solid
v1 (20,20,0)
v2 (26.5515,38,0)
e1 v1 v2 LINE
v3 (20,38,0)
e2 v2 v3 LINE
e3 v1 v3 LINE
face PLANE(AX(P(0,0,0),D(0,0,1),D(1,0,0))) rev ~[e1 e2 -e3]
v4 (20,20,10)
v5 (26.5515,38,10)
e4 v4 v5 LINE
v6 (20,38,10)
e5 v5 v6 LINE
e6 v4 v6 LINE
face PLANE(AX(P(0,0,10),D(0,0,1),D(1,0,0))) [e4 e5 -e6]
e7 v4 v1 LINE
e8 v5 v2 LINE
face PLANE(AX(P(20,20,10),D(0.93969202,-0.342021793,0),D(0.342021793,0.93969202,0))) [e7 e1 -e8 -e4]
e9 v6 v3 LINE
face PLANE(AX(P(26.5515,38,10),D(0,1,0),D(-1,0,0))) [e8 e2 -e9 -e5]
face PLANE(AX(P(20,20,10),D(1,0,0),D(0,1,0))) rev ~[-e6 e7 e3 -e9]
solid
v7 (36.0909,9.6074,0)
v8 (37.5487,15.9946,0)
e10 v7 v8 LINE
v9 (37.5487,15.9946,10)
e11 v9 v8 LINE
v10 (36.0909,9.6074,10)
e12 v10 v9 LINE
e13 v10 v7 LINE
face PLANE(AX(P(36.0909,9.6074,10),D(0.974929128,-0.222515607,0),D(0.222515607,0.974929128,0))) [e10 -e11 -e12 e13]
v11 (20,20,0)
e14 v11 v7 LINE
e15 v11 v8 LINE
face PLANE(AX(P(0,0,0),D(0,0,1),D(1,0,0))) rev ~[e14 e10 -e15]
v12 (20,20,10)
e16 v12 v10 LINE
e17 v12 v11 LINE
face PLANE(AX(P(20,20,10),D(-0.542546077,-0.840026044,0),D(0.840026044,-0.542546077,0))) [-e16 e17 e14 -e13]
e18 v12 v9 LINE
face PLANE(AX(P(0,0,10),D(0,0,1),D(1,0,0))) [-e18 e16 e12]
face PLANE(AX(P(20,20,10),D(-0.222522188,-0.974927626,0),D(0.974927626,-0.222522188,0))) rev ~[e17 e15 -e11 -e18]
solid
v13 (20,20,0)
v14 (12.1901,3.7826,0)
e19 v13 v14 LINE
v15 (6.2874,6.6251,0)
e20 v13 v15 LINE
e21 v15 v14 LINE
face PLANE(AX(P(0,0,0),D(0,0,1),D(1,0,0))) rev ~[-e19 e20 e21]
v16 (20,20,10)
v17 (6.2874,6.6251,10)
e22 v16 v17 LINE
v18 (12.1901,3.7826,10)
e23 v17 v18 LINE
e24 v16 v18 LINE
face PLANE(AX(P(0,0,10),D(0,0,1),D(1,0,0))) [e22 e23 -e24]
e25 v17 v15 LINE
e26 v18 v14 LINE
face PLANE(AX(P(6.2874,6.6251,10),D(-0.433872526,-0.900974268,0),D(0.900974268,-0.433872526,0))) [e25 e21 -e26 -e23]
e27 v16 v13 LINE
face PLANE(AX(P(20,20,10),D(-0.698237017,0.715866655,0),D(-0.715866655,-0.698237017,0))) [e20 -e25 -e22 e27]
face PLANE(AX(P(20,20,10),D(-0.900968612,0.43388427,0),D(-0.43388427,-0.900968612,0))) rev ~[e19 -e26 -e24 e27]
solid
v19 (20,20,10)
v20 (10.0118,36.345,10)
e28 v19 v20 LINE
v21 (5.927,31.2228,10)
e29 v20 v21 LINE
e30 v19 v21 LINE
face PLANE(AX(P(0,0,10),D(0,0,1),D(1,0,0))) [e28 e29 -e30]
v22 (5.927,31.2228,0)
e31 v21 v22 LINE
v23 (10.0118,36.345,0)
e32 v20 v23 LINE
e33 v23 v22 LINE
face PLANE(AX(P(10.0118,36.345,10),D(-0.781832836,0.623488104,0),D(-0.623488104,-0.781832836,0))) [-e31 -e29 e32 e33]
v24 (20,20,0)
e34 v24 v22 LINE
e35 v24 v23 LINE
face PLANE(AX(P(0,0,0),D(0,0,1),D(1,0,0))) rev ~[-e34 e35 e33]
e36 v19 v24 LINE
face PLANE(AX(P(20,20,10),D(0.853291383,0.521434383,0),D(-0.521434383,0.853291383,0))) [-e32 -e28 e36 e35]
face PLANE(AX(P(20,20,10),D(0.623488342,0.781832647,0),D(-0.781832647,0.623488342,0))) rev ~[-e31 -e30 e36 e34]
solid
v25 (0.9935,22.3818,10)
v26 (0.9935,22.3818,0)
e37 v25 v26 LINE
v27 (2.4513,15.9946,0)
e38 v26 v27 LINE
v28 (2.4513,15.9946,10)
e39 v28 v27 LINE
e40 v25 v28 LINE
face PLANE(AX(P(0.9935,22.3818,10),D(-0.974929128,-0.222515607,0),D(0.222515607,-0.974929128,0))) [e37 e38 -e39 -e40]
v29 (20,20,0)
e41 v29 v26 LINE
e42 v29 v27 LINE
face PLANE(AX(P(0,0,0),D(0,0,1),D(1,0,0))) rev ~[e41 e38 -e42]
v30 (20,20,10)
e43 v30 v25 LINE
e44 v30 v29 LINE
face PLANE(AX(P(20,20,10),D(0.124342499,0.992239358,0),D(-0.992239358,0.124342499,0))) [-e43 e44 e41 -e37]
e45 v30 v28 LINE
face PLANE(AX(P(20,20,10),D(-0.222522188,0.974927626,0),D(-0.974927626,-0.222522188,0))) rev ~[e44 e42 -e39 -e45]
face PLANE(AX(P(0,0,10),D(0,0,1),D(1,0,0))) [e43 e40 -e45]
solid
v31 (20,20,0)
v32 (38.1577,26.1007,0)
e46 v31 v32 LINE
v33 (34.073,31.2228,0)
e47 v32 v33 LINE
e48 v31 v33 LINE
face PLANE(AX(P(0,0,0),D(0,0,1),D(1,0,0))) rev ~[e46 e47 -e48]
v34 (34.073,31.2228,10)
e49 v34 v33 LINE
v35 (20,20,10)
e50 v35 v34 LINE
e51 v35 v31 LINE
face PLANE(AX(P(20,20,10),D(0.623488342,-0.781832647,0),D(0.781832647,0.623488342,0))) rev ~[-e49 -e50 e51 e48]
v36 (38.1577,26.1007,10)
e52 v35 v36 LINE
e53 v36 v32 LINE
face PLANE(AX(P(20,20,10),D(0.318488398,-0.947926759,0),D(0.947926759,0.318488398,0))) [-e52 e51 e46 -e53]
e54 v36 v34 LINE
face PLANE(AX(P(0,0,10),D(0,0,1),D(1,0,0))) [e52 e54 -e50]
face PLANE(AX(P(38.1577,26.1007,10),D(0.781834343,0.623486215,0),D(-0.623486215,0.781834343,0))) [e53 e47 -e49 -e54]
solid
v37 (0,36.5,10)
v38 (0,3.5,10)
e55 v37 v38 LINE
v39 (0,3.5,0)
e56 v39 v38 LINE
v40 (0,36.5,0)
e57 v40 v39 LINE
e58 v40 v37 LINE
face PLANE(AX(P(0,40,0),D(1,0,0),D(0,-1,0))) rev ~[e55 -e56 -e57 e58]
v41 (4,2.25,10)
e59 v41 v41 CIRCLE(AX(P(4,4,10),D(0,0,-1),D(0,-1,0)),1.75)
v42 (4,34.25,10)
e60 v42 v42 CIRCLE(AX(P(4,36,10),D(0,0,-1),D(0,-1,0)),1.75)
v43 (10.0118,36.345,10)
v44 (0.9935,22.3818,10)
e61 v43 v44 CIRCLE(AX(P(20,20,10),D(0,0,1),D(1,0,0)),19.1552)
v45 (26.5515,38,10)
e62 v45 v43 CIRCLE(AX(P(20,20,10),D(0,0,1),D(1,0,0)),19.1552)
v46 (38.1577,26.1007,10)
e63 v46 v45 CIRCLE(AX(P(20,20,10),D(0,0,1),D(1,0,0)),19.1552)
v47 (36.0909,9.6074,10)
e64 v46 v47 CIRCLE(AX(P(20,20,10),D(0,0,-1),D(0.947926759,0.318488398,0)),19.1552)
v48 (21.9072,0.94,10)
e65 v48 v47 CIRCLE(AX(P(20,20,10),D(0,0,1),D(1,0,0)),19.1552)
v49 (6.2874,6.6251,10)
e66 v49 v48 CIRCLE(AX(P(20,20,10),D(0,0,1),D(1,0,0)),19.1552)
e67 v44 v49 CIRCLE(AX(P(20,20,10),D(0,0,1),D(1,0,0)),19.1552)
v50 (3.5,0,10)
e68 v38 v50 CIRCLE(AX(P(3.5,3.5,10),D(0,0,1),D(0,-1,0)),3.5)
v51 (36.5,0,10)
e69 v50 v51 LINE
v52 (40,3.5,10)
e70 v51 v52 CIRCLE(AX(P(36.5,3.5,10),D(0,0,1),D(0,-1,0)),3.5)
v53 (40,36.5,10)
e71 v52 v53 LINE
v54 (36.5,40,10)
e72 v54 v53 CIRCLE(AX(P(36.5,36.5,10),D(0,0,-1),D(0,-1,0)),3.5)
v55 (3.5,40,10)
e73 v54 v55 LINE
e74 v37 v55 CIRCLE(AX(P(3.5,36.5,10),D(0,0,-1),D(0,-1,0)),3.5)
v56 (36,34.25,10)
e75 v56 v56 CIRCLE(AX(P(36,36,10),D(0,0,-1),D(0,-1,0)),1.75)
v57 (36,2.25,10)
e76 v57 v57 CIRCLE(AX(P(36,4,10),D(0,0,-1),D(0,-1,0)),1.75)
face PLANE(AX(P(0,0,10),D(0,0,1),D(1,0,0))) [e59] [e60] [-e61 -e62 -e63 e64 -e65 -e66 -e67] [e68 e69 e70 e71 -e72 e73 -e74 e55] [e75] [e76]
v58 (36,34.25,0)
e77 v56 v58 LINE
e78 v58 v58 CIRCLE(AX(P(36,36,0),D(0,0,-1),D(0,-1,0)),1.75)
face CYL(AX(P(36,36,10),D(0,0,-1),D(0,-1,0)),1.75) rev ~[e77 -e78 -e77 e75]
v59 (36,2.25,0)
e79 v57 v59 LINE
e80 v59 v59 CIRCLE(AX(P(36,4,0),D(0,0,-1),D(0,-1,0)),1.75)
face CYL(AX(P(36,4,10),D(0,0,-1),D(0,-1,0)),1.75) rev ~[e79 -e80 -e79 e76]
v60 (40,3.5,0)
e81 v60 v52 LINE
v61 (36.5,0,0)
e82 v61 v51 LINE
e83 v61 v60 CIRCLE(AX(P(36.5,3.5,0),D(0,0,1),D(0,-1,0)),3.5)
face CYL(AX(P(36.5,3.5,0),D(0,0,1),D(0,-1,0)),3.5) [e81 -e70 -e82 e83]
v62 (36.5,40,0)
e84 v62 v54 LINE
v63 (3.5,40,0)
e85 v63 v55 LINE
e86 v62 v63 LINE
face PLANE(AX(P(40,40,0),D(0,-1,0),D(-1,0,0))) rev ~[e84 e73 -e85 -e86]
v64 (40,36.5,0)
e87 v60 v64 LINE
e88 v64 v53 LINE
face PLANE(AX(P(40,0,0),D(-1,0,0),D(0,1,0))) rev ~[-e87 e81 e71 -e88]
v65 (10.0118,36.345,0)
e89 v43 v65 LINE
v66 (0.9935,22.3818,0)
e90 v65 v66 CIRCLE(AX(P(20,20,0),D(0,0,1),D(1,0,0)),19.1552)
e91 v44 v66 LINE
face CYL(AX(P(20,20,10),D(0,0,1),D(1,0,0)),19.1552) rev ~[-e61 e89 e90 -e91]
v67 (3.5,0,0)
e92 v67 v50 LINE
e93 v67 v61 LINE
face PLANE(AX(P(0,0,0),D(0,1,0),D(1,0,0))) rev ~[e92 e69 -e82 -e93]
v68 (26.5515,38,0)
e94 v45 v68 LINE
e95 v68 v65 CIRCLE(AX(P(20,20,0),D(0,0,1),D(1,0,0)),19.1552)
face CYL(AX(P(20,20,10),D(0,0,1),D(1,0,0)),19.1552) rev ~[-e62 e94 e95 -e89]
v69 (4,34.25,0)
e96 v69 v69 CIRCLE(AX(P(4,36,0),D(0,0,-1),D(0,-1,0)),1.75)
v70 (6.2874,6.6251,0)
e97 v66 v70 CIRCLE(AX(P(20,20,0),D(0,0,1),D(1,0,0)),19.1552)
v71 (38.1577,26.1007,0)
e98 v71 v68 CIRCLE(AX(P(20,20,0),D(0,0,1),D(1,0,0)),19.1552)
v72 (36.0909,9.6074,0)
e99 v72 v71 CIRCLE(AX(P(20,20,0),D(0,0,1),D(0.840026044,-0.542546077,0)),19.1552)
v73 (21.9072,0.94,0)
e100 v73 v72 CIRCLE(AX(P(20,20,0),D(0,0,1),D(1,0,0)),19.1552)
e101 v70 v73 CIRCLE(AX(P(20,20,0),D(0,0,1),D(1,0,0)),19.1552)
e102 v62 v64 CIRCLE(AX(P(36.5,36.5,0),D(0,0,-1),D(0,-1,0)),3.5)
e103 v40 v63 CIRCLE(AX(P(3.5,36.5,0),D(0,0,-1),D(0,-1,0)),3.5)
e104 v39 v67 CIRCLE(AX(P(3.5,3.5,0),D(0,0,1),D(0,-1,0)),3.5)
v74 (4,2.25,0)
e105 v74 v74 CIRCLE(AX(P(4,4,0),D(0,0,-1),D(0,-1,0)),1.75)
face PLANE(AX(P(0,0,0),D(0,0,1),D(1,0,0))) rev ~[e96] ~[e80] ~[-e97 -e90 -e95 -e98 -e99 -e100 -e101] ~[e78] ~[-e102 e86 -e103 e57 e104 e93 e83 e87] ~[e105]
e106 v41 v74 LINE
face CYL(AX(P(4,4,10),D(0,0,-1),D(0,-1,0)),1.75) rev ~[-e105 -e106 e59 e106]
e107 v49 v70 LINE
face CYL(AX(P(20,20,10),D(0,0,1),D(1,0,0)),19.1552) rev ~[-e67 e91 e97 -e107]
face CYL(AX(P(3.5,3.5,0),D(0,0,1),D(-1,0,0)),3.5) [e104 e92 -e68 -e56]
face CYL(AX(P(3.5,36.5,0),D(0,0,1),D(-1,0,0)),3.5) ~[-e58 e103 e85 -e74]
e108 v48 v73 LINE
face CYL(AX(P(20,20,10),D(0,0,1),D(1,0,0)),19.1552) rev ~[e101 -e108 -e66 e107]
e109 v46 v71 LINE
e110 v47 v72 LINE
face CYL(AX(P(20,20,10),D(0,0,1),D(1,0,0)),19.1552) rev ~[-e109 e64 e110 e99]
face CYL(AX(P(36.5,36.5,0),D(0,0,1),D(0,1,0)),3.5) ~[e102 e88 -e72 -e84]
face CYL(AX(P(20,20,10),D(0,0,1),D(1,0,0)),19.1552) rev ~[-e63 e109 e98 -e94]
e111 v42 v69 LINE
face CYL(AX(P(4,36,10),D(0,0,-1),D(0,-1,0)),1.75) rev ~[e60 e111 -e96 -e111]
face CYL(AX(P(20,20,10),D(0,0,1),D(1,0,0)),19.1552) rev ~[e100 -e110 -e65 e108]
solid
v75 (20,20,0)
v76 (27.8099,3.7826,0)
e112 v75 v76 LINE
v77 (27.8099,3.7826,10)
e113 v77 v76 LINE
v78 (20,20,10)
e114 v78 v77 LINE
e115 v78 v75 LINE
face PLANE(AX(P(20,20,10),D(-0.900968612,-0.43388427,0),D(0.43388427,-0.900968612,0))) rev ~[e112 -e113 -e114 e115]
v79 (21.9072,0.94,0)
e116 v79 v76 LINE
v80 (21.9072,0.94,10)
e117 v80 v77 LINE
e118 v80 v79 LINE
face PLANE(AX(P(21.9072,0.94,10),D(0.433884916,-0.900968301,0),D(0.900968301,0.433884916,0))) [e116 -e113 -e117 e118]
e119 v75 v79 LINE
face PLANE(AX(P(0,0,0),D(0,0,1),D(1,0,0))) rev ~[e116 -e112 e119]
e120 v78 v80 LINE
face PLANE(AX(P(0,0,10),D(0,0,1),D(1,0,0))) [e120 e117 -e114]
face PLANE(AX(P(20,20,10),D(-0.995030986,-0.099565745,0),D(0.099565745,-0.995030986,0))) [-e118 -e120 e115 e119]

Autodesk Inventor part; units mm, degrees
ref_plane "YZ Plane" through (0, 0, 0) normal (1, 0, 0) x (0, 1, 0)
ref_plane "XZ Plane" through (0, 0, 0) normal (0, 1, 0) x (-1, 0, 0)
ref_plane "XY Plane" through (0, 0, 0) normal (0, 0, 1) x (1, 0, 0)
sketch "Sketch1" plane through (0, 0, 0) normal (0, 0, 1) x (1, 0, 0)
  line L0 (0, 0) -> (40, 0)
  line L1 (40, 0) -> (40, 40)
  line L2 (40, 40) -> (0, 40)
  line L3 (0, 40) -> (0, 0)
  dimension "d0" = 40
  dimension "d1" = 40
extrude "Extrusion1" add sketch "Sketch1" along normal blind 10
hole "Hole1" at (4, 36, 10) direction (0, 0, -1) diameter 3.5 end through all
hole "Hole2" at (4, 4, 10) direction (0, 0, -1) diameter 3.5 end through all
hole "Hole3" at (36, 4, 10) direction (0, 0, -1) diameter 3.5 end through all
hole "Hole4" at (36, 36, 10) direction (0, 0, -1) diameter 3.5 end through all
fillet "Fillet1" radius 3.5 4 edges at (40, 0, 5) (0, 0, 5) (0, 40, 5) (40, 40, 5)
sketch "Sketch2" plane through (0, 0, 10) normal (0, 0, 1) x (1, 0, 0)
  line L0 (36.5, 40) -> (3.5, 40) projected
  line L1 (0, 36.5) -> (0, 3.5) projected
  line L2 (3.5, 0) -> (36.5, 0) projected
  line L3 (40, 3.5) -> (40, 36.5) projected
  line L4 (20, 40) -> (20, 0) construction
  line L5 (0, 20) -> (40, 20) construction
  line L6 (20, 20) -> (20, 38)
  line L7 (20, 20) -> (26.5515, 38)
  line L8 (26.5515, 38) -> (20, 38)
  line L9 (20, 20) -> (5.927, 31.2228)
  line L10 (20, 20) -> (10.0118, 36.345)
  line L11 (10.0118, 36.345) -> (5.927, 31.2228)
  line L12 (20, 20) -> (2.4513, 15.9946)
  line L13 (20, 20) -> (0.9935, 22.3818)
  line L14 (0.9935, 22.3818) -> (2.4513, 15.9946)
  line L15 (20, 20) -> (12.1901, 3.7826)
  line L16 (20, 20) -> (6.2874, 6.6251)
  line L17 (6.2874, 6.6251) -> (12.1901, 3.7826)
  line L18 (20, 20) -> (27.8099, 3.7826)
  line L19 (20, 20) -> (21.9072, 0.94)
  line L20 (21.9072, 0.94) -> (27.8099, 3.7826)
  line L21 (20, 20) -> (37.5487, 15.9946)
  line L22 (20, 20) -> (36.0909, 9.6074)
  line L23 (36.0909, 9.6074) -> (37.5487, 15.9946)
  line L24 (20, 20) -> (34.073, 31.2228)
  line L25 (20, 20) -> (38.1577, 26.1007)
  line L26 (38.1577, 26.1007) -> (34.073, 31.2228)
  circle A0 centre (20, 20) radius 19.1552
  point P0 (0, 0)
  dimension "d41" = 18
  dimension "d42" = 20
  dimension "d45" = 360
extrude "Extrusion2" cut sketch "Sketch2" against normal blind 10 contours L10 A0 L8 L6 | L13 A0 L11 L9 | L16 A0 L14 L12 | L19 A0 L17 L15 | L22 A0 L20 L18 | L25 A0 L23 L21 | L7 A0 L26 L24
properties part number "Fan40mm" material "ABS Plastic"
